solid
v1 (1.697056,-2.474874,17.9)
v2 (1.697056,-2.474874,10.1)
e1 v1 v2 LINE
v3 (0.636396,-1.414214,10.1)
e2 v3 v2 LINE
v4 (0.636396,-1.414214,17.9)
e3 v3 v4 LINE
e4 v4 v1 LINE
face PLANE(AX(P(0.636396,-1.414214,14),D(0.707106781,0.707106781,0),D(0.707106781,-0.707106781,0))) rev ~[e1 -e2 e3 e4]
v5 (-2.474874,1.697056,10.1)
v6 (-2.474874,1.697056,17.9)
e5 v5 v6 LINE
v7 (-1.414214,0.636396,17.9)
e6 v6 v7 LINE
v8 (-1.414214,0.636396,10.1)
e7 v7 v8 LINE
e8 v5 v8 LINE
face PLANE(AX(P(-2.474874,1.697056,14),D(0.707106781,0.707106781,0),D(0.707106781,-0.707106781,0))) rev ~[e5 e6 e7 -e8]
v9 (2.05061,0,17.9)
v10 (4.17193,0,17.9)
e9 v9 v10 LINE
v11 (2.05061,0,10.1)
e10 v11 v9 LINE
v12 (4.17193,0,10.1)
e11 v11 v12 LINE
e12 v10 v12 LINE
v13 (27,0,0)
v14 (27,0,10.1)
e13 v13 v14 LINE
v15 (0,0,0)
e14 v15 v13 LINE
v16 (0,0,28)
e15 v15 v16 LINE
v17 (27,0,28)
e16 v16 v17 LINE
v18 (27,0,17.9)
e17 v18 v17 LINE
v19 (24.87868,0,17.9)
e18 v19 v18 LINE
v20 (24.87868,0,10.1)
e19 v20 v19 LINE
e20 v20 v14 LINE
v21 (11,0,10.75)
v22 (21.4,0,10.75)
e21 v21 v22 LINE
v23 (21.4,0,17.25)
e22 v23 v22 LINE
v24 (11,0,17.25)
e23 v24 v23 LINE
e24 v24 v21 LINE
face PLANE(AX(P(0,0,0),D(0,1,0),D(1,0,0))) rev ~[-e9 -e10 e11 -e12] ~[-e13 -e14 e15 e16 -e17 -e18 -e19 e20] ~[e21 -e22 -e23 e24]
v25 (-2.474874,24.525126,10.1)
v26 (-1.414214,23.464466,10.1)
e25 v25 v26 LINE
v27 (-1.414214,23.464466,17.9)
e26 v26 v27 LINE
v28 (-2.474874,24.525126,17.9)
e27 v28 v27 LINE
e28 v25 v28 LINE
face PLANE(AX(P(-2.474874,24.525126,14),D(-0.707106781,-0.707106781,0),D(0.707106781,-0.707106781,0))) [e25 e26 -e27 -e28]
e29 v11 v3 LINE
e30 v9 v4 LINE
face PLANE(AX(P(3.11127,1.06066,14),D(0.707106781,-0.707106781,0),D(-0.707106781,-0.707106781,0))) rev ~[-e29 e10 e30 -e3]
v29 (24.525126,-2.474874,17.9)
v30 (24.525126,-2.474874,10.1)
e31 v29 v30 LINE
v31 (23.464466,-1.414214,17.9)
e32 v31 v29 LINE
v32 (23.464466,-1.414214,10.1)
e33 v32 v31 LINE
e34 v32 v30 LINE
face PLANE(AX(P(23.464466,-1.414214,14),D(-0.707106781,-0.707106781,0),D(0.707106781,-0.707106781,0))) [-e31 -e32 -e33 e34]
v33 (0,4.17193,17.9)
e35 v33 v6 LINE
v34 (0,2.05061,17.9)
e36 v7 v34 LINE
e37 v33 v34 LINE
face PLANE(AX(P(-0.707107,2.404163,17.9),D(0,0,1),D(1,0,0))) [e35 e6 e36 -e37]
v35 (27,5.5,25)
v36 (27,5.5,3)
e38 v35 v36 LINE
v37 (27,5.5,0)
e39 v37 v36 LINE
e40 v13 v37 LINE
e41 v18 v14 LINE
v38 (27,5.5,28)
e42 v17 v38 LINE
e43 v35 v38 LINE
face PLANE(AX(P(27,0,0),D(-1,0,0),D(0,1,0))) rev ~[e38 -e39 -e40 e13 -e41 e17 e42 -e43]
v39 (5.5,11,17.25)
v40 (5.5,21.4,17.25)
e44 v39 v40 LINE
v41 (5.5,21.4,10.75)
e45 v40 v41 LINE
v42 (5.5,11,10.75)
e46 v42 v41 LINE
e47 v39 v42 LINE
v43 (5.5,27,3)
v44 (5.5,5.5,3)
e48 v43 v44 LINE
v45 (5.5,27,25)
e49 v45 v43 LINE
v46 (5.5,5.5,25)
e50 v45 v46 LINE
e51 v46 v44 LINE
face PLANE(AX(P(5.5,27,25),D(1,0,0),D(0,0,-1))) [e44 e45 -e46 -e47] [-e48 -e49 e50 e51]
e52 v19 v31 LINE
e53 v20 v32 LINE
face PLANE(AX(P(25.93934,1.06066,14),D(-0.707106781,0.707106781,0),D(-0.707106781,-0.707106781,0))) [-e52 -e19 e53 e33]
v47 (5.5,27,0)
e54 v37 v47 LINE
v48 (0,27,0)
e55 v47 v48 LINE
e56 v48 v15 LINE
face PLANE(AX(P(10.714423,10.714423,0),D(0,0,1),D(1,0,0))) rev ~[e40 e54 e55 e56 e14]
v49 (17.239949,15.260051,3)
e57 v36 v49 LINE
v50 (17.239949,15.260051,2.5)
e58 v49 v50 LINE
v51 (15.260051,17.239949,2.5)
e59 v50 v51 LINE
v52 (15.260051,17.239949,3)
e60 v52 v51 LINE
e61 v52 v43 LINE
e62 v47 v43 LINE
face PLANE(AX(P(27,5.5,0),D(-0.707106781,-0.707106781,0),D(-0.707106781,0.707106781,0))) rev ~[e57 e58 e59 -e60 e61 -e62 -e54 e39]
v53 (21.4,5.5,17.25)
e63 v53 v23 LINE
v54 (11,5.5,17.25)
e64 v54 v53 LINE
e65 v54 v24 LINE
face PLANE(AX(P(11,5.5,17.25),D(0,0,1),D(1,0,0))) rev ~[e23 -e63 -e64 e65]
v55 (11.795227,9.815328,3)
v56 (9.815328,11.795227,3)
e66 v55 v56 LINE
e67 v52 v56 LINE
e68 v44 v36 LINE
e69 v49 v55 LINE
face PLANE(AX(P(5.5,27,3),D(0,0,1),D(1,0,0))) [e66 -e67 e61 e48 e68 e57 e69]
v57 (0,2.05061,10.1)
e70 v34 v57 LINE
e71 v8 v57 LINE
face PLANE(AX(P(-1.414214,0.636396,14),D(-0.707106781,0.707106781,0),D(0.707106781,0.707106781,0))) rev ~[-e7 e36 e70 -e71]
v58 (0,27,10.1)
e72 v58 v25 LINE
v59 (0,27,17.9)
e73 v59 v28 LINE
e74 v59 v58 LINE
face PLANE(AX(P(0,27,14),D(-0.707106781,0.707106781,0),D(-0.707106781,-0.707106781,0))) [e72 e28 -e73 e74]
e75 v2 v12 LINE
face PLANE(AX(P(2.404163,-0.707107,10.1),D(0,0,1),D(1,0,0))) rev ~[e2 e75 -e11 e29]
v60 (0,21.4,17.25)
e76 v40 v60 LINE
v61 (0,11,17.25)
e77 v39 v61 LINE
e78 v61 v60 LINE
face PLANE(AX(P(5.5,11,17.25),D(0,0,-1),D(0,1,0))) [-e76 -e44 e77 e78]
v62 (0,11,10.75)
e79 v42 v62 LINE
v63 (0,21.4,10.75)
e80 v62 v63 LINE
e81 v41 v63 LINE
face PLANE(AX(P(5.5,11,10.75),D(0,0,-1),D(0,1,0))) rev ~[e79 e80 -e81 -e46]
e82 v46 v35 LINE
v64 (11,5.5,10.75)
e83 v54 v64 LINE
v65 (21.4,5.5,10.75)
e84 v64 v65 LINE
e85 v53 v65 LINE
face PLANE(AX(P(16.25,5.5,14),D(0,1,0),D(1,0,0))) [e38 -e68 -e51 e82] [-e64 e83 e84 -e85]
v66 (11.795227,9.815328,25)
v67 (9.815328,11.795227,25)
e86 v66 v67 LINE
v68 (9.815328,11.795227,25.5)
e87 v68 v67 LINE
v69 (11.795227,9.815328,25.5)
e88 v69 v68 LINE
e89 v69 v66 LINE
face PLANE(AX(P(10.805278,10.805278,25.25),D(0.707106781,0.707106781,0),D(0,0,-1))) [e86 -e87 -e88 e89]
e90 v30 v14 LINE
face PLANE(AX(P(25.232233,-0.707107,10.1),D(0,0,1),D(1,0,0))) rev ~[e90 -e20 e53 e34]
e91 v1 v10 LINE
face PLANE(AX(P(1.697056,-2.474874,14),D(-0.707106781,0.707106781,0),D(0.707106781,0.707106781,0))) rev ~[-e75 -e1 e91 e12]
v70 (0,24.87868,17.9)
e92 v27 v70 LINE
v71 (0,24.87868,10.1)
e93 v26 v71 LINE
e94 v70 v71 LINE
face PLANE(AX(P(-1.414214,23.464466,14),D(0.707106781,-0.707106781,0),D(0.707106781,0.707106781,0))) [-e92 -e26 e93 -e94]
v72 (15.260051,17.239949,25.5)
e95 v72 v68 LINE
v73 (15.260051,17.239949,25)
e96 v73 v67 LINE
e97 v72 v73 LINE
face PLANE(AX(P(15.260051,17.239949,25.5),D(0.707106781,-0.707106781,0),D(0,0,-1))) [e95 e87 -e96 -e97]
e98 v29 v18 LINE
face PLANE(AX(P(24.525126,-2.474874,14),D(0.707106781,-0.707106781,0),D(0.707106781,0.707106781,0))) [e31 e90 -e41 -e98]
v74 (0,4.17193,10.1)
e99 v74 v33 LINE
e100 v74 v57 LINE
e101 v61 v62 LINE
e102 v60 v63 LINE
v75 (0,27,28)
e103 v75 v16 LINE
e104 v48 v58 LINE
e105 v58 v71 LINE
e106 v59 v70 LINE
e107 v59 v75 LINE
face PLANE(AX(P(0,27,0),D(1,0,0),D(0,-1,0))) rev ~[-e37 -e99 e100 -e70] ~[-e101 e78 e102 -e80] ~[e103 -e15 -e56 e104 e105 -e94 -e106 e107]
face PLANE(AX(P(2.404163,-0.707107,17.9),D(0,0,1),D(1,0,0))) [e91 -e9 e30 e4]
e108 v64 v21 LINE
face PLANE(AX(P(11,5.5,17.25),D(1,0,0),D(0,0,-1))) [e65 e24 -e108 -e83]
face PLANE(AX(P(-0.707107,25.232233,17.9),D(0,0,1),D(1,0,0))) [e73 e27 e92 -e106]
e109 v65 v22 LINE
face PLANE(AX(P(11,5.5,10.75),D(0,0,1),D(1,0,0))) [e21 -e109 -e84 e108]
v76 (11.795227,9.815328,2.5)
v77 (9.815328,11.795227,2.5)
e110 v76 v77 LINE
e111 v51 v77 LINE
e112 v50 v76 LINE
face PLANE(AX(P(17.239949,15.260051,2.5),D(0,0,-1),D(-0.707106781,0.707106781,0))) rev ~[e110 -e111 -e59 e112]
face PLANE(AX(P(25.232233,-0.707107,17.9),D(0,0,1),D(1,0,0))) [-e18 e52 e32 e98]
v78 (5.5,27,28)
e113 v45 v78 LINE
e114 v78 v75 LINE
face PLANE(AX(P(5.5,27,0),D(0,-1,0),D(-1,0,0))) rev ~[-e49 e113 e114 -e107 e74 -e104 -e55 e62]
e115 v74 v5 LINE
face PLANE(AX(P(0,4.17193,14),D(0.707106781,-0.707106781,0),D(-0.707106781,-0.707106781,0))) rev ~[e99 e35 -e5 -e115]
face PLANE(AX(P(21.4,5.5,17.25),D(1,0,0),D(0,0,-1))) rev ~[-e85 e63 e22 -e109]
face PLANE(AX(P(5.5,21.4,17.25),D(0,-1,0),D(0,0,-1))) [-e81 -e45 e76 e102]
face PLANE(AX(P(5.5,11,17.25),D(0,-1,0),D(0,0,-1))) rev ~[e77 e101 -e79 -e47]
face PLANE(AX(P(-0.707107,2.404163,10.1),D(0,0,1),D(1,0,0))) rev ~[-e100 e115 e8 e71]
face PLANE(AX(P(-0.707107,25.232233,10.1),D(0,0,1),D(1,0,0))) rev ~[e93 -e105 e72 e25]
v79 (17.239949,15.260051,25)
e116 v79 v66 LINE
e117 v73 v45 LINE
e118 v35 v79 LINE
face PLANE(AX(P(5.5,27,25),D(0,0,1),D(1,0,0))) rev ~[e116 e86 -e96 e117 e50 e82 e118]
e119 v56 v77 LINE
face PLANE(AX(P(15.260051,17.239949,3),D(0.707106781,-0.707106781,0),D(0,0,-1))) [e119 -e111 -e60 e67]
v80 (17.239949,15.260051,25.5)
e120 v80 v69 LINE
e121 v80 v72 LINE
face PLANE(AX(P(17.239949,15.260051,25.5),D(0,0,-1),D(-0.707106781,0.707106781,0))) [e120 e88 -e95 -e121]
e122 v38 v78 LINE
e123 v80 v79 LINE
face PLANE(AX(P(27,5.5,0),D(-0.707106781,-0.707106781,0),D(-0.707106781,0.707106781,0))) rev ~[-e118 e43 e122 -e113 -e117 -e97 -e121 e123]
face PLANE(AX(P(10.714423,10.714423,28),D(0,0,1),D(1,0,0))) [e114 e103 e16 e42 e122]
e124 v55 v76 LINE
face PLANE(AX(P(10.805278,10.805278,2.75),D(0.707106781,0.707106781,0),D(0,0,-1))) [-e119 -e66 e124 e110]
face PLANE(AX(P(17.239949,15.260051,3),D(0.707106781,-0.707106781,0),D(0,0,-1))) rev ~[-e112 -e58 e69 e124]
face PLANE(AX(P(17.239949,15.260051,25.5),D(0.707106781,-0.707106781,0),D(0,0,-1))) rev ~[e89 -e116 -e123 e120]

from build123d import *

# Parameters (mm, degrees)
BOSS_EXTRU_1_DEPTH      = 28
ESQUISSE2_W             = 21.5
ESQUISSE2_H             = 22
ENL_V_MAT_EXTRU_1_DEPTH = 21.5
ESQUISSE3_W             = 6.5
ESQUISSE3_H             = 10.4
ENL_V_MAT_EXTRU_2_DEPTH = 6.9
ESQUISSE4_W             = 10.4
ESQUISSE4_H             = 6.5
ENL_V_MAT_EXTRU_3_DEPTH = 18
ESQUISSE5_W             = 0.5
ESQUISSE5_H             = 2.8
ENL_V_MAT_EXTRU_4_DEPTH = 7.7
BOSS_EXTRU_2_DEPTH      = 3.9
BOSS_EXTRU_2_DEPTH_BACK = 3.9


with BuildPart() as part:
    # Esquisse1 → Boss.-Extru.1 (new body)
    with BuildSketch(Plane.XY):
        Polygon((0, 27), (0, 0), (27, 0), (27, 5.5), (5.5, 27), align=None)
    extrude(amount=BOSS_EXTRU_1_DEPTH)

    # Esquisse2 → Enlèv. mat.-Extru.1 (cut)
    with BuildSketch(Plane(origin=(0, 27, 0), x_dir=(1, 0, 0), z_dir=(0, 1, 0))):
        with Locations((16.25, -14)):
            Rectangle(ESQUISSE2_W, ESQUISSE2_H)
    extrude(amount=-ENL_V_MAT_EXTRU_1_DEPTH, mode=Mode.SUBTRACT)

    # Esquisse3 → Enlèv. mat.-Extru.2 (cut)
    with BuildSketch(Plane(origin=(5.5, 0, 0), x_dir=(0, 0, -1), z_dir=(1, 0, 0))):
        with Locations((-14, 16.2)):
            Rectangle(ESQUISSE3_W, ESQUISSE3_H)
    extrude(amount=-ENL_V_MAT_EXTRU_2_DEPTH, mode=Mode.SUBTRACT)

    # Esquisse4 → Enlèv. mat.-Extru.3 (cut)
    with BuildSketch(Plane(origin=(0, 5.5, 0), x_dir=(1, 0, 0), z_dir=(0, 1, 0))):
        with Locations((16.2, -14)):
            Rectangle(ESQUISSE4_W, ESQUISSE4_H)
    extrude(amount=-ENL_V_MAT_EXTRU_3_DEPTH, mode=Mode.SUBTRACT)

    # Esquisse5 → Enlèv. mat.-Extru.4 (cut)
    with BuildSketch(Plane(origin=(16.25, 16.25, 0), x_dir=(0, 0, -1), z_dir=(0.707106781, 0.707106781, 0))):
        with Locations((-25.25, 0)):
            Rectangle(ESQUISSE5_W, ESQUISSE5_H)
        with Locations((-2.75, 0)):
            Rectangle(ESQUISSE5_W, ESQUISSE5_H)
    extrude(amount=-ENL_V_MAT_EXTRU_4_DEPTH, mode=Mode.SUBTRACT)

    # Esquisse6 → Boss.-Extru.2 (add, two sides)
    with BuildSketch(Plane.XY.offset(14)) as boss_extru_2_sk:
        Polygon((0, 27), (-2.474873734, 24.525126266), (-1.414213562, 23.464466094), (1.060660172, 25.939339828), align=None)
        Polygon((0, 4.171930009), (-2.474873734, 1.697056275), (-1.414213562, 0.636396103), (1.060660172, 3.111269837), align=None)
        Polygon((3.111269837, 1.060660172), (0.636396103, -1.414213562), (1.697056275, -2.474873734), (4.171930009, 0), align=None)
        Polygon((25.939339828, 1.060660172), (23.464466094, -1.414213562), (24.525126266, -2.474873734), (27, 0), align=None)
    extrude(amount=BOSS_EXTRU_2_DEPTH)
    extrude(boss_extru_2_sk.sketch, amount=-BOSS_EXTRU_2_DEPTH_BACK)


solid = part.part
